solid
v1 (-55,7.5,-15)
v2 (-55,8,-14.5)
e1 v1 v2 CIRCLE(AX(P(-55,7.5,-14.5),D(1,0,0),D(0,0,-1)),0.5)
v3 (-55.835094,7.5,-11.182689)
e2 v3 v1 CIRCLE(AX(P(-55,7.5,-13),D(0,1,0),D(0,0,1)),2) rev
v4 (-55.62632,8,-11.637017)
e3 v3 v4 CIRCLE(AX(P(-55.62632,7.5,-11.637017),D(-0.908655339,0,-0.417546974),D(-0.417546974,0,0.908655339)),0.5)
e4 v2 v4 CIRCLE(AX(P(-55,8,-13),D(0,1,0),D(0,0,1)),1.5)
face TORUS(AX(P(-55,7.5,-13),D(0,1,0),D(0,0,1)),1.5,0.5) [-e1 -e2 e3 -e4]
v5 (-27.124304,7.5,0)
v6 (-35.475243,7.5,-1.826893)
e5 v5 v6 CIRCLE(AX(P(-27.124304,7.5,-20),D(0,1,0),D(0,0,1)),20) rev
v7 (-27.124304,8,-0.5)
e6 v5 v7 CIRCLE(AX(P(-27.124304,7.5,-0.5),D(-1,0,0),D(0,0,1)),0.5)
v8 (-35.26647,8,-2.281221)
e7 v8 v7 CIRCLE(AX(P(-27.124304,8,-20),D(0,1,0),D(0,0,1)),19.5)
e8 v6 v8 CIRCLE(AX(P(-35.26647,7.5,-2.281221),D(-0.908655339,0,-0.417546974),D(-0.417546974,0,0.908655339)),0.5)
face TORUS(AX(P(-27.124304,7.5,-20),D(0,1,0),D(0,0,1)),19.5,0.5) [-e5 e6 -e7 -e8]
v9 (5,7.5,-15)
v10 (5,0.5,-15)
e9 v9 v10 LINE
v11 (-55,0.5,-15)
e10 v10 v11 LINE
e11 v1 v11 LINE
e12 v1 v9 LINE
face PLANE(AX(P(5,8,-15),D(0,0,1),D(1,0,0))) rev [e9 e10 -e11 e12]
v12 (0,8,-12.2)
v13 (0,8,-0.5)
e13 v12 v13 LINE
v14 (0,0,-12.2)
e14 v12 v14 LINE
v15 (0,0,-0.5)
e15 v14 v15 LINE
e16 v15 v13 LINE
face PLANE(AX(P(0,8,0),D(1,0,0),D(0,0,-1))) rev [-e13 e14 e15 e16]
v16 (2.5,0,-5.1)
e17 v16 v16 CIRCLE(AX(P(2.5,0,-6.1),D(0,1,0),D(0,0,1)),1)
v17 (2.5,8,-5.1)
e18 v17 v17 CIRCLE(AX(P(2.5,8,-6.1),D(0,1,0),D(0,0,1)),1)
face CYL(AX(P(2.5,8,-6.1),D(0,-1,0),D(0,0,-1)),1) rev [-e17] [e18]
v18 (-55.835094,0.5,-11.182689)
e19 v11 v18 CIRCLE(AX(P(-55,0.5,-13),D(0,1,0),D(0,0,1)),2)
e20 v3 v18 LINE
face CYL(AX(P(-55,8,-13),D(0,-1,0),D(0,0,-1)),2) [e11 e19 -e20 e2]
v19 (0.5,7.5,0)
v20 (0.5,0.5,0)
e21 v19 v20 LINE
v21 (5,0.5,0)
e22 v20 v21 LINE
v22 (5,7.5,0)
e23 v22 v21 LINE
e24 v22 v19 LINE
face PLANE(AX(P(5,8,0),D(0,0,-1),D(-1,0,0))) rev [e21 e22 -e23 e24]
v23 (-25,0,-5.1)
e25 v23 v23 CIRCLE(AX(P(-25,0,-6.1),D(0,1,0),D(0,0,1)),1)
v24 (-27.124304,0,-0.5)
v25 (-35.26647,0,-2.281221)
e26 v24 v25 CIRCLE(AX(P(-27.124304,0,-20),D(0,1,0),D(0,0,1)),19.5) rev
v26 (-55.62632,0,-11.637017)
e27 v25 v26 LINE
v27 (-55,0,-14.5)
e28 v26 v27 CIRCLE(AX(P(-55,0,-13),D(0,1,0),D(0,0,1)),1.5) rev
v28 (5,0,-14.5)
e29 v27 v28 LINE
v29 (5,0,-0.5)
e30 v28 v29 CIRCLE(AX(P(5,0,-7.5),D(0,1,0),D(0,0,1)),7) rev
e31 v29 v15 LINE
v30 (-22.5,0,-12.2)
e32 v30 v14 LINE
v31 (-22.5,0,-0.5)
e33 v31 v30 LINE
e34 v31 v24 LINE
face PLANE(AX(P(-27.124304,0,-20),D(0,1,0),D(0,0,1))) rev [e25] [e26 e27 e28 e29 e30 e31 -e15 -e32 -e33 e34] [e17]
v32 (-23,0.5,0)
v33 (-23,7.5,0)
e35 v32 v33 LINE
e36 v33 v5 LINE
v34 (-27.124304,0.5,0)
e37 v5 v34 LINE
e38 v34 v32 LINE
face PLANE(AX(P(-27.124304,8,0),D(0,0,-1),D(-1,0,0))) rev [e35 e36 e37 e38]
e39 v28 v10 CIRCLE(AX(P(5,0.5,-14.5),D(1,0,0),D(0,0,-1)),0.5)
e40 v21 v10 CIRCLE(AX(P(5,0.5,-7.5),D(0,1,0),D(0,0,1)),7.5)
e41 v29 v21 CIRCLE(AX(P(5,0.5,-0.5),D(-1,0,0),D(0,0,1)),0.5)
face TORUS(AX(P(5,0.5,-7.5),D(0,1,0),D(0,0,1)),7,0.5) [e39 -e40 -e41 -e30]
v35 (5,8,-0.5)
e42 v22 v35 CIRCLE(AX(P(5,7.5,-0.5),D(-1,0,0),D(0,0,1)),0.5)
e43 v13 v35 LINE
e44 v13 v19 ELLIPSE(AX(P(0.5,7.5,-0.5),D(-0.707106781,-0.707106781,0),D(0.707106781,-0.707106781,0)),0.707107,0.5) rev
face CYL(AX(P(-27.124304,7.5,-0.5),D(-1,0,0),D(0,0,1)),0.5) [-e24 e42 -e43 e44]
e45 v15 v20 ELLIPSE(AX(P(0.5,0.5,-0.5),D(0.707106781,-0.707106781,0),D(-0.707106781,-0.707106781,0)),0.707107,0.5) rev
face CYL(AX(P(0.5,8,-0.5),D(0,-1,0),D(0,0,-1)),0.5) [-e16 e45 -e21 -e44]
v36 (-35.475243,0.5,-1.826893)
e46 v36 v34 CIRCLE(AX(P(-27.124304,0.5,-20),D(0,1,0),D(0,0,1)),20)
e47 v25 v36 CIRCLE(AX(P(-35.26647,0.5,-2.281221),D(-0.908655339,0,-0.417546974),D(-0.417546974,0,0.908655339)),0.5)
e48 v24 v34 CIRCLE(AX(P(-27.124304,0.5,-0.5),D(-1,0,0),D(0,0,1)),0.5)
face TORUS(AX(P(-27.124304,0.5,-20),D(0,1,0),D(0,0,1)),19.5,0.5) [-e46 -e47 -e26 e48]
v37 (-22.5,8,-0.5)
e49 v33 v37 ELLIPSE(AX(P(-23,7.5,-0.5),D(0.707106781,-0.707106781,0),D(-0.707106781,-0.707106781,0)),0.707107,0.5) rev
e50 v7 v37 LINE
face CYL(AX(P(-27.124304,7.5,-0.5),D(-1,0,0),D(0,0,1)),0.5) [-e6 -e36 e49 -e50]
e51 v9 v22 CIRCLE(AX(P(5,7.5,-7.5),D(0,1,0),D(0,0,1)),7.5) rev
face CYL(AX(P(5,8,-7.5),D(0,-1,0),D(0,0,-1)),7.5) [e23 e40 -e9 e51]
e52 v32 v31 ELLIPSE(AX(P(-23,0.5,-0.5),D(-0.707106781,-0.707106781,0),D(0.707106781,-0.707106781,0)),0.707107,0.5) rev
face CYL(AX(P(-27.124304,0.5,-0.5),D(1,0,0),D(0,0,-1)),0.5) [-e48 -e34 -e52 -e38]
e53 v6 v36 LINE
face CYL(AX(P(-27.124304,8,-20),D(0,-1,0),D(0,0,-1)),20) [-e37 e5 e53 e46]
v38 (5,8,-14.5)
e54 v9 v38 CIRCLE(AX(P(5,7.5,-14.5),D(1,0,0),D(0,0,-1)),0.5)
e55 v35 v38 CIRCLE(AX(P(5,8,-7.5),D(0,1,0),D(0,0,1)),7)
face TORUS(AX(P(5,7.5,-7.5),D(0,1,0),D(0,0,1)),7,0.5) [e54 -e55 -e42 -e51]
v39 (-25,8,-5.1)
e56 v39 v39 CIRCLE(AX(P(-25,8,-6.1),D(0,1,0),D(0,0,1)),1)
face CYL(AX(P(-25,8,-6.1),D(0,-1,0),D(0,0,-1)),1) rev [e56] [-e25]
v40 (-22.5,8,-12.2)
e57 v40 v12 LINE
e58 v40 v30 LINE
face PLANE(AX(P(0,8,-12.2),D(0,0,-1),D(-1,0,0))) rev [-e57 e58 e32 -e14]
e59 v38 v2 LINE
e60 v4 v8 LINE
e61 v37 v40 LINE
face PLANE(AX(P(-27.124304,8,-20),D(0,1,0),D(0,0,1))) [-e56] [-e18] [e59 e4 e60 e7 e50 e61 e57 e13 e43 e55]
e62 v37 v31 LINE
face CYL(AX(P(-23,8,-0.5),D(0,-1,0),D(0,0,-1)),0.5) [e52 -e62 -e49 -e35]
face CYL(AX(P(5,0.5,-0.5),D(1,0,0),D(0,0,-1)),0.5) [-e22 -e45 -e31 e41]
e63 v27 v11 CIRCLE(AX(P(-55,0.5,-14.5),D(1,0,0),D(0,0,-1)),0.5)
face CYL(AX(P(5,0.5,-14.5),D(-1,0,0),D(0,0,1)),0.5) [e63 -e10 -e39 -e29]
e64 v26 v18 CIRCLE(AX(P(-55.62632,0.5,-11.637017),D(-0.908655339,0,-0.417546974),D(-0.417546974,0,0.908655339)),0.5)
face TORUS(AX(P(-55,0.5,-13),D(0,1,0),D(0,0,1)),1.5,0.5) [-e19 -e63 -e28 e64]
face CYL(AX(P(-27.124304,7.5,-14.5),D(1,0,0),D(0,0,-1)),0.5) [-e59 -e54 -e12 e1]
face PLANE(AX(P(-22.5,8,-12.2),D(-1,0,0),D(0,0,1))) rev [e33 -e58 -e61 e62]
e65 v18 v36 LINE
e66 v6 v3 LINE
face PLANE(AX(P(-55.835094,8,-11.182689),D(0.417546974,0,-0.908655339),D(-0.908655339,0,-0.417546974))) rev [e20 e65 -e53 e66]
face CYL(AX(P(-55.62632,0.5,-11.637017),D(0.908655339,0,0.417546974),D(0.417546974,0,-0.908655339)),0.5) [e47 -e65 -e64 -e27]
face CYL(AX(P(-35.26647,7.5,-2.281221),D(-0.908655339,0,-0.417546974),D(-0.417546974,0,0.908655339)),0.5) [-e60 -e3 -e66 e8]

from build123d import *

# Parameters (mm, degrees)
SKETCH_1_R      = 1
EXTRUDE_1_DEPTH = 8
FILLET_3_R      = 0.5


with BuildPart() as part:
    # 草圖1 → 填料-伸長1 (new body)
    with BuildSketch(Plane(origin=(0, 0, 0), x_dir=(1, 0, 0), z_dir=(0, 1, 0))):
        with BuildLine():
            Line((0, 0), (0, 12.2))
            Line((0, 12.2), (-22.5, 12.2))
            Line((-22.5, 12.2), (-22.5, 0))
            Line((-22.5, 0), (-27.124303732, 0))
            ThreePointArc((-27.124303732, 0), (-31.398520886, 0.462060812), (-35.475243216, 1.826893228))
            Line((-35.475243216, 1.826893228), (-55.835093948, 11.182689323))
            ThreePointArc((-55.835093948, 11.182689323), (-56.953793919, 13.427421715), (-55, 15))
            Line((-55, 15), (5, 15))
            ThreePointArc((5, 15), (12.5, 7.5), (5, 0))
            Line((5, 0), (0, 0))
        make_face()
        with Locations(Location((-25, 6.1, 0), (0, 0, 270))):
            Circle(SKETCH_1_R, mode=Mode.SUBTRACT)
        with Locations(Location((2.5, 6.1, 0), (0, 0, 270))):
            Circle(SKETCH_1_R, mode=Mode.SUBTRACT)
    extrude(amount=EXTRUDE_1_DEPTH)

    # 圓角3
    fillet_3_edges = [part.edges().sort_by_distance(p)[0] for p in [
        (-25, 8, -15),
        (-24.812151866, 0, 0),
        (-31.398520886, 0, -0.462060812),
        (-45.655168582, 0, -6.504791275),
        (-56.953793919, 0, -13.427421715),
        (-25, 0, -15),
        (12.5, 0, -7.5),
        (2.5, 0, 0),
        (-56.953793919, 8, -13.427421715),
        (-45.655168582, 8, -6.504791275),
        (0, 4, 0),
        (-22.5, 4, 0),
        (-31.398520886, 8, -0.462060812),
        (-24.812151866, 8, 0),
        (2.5, 8, 0),
        (12.5, 8, -7.5),
    ]]
    fillet(fillet_3_edges, radius=FILLET_3_R)


solid = part.part
